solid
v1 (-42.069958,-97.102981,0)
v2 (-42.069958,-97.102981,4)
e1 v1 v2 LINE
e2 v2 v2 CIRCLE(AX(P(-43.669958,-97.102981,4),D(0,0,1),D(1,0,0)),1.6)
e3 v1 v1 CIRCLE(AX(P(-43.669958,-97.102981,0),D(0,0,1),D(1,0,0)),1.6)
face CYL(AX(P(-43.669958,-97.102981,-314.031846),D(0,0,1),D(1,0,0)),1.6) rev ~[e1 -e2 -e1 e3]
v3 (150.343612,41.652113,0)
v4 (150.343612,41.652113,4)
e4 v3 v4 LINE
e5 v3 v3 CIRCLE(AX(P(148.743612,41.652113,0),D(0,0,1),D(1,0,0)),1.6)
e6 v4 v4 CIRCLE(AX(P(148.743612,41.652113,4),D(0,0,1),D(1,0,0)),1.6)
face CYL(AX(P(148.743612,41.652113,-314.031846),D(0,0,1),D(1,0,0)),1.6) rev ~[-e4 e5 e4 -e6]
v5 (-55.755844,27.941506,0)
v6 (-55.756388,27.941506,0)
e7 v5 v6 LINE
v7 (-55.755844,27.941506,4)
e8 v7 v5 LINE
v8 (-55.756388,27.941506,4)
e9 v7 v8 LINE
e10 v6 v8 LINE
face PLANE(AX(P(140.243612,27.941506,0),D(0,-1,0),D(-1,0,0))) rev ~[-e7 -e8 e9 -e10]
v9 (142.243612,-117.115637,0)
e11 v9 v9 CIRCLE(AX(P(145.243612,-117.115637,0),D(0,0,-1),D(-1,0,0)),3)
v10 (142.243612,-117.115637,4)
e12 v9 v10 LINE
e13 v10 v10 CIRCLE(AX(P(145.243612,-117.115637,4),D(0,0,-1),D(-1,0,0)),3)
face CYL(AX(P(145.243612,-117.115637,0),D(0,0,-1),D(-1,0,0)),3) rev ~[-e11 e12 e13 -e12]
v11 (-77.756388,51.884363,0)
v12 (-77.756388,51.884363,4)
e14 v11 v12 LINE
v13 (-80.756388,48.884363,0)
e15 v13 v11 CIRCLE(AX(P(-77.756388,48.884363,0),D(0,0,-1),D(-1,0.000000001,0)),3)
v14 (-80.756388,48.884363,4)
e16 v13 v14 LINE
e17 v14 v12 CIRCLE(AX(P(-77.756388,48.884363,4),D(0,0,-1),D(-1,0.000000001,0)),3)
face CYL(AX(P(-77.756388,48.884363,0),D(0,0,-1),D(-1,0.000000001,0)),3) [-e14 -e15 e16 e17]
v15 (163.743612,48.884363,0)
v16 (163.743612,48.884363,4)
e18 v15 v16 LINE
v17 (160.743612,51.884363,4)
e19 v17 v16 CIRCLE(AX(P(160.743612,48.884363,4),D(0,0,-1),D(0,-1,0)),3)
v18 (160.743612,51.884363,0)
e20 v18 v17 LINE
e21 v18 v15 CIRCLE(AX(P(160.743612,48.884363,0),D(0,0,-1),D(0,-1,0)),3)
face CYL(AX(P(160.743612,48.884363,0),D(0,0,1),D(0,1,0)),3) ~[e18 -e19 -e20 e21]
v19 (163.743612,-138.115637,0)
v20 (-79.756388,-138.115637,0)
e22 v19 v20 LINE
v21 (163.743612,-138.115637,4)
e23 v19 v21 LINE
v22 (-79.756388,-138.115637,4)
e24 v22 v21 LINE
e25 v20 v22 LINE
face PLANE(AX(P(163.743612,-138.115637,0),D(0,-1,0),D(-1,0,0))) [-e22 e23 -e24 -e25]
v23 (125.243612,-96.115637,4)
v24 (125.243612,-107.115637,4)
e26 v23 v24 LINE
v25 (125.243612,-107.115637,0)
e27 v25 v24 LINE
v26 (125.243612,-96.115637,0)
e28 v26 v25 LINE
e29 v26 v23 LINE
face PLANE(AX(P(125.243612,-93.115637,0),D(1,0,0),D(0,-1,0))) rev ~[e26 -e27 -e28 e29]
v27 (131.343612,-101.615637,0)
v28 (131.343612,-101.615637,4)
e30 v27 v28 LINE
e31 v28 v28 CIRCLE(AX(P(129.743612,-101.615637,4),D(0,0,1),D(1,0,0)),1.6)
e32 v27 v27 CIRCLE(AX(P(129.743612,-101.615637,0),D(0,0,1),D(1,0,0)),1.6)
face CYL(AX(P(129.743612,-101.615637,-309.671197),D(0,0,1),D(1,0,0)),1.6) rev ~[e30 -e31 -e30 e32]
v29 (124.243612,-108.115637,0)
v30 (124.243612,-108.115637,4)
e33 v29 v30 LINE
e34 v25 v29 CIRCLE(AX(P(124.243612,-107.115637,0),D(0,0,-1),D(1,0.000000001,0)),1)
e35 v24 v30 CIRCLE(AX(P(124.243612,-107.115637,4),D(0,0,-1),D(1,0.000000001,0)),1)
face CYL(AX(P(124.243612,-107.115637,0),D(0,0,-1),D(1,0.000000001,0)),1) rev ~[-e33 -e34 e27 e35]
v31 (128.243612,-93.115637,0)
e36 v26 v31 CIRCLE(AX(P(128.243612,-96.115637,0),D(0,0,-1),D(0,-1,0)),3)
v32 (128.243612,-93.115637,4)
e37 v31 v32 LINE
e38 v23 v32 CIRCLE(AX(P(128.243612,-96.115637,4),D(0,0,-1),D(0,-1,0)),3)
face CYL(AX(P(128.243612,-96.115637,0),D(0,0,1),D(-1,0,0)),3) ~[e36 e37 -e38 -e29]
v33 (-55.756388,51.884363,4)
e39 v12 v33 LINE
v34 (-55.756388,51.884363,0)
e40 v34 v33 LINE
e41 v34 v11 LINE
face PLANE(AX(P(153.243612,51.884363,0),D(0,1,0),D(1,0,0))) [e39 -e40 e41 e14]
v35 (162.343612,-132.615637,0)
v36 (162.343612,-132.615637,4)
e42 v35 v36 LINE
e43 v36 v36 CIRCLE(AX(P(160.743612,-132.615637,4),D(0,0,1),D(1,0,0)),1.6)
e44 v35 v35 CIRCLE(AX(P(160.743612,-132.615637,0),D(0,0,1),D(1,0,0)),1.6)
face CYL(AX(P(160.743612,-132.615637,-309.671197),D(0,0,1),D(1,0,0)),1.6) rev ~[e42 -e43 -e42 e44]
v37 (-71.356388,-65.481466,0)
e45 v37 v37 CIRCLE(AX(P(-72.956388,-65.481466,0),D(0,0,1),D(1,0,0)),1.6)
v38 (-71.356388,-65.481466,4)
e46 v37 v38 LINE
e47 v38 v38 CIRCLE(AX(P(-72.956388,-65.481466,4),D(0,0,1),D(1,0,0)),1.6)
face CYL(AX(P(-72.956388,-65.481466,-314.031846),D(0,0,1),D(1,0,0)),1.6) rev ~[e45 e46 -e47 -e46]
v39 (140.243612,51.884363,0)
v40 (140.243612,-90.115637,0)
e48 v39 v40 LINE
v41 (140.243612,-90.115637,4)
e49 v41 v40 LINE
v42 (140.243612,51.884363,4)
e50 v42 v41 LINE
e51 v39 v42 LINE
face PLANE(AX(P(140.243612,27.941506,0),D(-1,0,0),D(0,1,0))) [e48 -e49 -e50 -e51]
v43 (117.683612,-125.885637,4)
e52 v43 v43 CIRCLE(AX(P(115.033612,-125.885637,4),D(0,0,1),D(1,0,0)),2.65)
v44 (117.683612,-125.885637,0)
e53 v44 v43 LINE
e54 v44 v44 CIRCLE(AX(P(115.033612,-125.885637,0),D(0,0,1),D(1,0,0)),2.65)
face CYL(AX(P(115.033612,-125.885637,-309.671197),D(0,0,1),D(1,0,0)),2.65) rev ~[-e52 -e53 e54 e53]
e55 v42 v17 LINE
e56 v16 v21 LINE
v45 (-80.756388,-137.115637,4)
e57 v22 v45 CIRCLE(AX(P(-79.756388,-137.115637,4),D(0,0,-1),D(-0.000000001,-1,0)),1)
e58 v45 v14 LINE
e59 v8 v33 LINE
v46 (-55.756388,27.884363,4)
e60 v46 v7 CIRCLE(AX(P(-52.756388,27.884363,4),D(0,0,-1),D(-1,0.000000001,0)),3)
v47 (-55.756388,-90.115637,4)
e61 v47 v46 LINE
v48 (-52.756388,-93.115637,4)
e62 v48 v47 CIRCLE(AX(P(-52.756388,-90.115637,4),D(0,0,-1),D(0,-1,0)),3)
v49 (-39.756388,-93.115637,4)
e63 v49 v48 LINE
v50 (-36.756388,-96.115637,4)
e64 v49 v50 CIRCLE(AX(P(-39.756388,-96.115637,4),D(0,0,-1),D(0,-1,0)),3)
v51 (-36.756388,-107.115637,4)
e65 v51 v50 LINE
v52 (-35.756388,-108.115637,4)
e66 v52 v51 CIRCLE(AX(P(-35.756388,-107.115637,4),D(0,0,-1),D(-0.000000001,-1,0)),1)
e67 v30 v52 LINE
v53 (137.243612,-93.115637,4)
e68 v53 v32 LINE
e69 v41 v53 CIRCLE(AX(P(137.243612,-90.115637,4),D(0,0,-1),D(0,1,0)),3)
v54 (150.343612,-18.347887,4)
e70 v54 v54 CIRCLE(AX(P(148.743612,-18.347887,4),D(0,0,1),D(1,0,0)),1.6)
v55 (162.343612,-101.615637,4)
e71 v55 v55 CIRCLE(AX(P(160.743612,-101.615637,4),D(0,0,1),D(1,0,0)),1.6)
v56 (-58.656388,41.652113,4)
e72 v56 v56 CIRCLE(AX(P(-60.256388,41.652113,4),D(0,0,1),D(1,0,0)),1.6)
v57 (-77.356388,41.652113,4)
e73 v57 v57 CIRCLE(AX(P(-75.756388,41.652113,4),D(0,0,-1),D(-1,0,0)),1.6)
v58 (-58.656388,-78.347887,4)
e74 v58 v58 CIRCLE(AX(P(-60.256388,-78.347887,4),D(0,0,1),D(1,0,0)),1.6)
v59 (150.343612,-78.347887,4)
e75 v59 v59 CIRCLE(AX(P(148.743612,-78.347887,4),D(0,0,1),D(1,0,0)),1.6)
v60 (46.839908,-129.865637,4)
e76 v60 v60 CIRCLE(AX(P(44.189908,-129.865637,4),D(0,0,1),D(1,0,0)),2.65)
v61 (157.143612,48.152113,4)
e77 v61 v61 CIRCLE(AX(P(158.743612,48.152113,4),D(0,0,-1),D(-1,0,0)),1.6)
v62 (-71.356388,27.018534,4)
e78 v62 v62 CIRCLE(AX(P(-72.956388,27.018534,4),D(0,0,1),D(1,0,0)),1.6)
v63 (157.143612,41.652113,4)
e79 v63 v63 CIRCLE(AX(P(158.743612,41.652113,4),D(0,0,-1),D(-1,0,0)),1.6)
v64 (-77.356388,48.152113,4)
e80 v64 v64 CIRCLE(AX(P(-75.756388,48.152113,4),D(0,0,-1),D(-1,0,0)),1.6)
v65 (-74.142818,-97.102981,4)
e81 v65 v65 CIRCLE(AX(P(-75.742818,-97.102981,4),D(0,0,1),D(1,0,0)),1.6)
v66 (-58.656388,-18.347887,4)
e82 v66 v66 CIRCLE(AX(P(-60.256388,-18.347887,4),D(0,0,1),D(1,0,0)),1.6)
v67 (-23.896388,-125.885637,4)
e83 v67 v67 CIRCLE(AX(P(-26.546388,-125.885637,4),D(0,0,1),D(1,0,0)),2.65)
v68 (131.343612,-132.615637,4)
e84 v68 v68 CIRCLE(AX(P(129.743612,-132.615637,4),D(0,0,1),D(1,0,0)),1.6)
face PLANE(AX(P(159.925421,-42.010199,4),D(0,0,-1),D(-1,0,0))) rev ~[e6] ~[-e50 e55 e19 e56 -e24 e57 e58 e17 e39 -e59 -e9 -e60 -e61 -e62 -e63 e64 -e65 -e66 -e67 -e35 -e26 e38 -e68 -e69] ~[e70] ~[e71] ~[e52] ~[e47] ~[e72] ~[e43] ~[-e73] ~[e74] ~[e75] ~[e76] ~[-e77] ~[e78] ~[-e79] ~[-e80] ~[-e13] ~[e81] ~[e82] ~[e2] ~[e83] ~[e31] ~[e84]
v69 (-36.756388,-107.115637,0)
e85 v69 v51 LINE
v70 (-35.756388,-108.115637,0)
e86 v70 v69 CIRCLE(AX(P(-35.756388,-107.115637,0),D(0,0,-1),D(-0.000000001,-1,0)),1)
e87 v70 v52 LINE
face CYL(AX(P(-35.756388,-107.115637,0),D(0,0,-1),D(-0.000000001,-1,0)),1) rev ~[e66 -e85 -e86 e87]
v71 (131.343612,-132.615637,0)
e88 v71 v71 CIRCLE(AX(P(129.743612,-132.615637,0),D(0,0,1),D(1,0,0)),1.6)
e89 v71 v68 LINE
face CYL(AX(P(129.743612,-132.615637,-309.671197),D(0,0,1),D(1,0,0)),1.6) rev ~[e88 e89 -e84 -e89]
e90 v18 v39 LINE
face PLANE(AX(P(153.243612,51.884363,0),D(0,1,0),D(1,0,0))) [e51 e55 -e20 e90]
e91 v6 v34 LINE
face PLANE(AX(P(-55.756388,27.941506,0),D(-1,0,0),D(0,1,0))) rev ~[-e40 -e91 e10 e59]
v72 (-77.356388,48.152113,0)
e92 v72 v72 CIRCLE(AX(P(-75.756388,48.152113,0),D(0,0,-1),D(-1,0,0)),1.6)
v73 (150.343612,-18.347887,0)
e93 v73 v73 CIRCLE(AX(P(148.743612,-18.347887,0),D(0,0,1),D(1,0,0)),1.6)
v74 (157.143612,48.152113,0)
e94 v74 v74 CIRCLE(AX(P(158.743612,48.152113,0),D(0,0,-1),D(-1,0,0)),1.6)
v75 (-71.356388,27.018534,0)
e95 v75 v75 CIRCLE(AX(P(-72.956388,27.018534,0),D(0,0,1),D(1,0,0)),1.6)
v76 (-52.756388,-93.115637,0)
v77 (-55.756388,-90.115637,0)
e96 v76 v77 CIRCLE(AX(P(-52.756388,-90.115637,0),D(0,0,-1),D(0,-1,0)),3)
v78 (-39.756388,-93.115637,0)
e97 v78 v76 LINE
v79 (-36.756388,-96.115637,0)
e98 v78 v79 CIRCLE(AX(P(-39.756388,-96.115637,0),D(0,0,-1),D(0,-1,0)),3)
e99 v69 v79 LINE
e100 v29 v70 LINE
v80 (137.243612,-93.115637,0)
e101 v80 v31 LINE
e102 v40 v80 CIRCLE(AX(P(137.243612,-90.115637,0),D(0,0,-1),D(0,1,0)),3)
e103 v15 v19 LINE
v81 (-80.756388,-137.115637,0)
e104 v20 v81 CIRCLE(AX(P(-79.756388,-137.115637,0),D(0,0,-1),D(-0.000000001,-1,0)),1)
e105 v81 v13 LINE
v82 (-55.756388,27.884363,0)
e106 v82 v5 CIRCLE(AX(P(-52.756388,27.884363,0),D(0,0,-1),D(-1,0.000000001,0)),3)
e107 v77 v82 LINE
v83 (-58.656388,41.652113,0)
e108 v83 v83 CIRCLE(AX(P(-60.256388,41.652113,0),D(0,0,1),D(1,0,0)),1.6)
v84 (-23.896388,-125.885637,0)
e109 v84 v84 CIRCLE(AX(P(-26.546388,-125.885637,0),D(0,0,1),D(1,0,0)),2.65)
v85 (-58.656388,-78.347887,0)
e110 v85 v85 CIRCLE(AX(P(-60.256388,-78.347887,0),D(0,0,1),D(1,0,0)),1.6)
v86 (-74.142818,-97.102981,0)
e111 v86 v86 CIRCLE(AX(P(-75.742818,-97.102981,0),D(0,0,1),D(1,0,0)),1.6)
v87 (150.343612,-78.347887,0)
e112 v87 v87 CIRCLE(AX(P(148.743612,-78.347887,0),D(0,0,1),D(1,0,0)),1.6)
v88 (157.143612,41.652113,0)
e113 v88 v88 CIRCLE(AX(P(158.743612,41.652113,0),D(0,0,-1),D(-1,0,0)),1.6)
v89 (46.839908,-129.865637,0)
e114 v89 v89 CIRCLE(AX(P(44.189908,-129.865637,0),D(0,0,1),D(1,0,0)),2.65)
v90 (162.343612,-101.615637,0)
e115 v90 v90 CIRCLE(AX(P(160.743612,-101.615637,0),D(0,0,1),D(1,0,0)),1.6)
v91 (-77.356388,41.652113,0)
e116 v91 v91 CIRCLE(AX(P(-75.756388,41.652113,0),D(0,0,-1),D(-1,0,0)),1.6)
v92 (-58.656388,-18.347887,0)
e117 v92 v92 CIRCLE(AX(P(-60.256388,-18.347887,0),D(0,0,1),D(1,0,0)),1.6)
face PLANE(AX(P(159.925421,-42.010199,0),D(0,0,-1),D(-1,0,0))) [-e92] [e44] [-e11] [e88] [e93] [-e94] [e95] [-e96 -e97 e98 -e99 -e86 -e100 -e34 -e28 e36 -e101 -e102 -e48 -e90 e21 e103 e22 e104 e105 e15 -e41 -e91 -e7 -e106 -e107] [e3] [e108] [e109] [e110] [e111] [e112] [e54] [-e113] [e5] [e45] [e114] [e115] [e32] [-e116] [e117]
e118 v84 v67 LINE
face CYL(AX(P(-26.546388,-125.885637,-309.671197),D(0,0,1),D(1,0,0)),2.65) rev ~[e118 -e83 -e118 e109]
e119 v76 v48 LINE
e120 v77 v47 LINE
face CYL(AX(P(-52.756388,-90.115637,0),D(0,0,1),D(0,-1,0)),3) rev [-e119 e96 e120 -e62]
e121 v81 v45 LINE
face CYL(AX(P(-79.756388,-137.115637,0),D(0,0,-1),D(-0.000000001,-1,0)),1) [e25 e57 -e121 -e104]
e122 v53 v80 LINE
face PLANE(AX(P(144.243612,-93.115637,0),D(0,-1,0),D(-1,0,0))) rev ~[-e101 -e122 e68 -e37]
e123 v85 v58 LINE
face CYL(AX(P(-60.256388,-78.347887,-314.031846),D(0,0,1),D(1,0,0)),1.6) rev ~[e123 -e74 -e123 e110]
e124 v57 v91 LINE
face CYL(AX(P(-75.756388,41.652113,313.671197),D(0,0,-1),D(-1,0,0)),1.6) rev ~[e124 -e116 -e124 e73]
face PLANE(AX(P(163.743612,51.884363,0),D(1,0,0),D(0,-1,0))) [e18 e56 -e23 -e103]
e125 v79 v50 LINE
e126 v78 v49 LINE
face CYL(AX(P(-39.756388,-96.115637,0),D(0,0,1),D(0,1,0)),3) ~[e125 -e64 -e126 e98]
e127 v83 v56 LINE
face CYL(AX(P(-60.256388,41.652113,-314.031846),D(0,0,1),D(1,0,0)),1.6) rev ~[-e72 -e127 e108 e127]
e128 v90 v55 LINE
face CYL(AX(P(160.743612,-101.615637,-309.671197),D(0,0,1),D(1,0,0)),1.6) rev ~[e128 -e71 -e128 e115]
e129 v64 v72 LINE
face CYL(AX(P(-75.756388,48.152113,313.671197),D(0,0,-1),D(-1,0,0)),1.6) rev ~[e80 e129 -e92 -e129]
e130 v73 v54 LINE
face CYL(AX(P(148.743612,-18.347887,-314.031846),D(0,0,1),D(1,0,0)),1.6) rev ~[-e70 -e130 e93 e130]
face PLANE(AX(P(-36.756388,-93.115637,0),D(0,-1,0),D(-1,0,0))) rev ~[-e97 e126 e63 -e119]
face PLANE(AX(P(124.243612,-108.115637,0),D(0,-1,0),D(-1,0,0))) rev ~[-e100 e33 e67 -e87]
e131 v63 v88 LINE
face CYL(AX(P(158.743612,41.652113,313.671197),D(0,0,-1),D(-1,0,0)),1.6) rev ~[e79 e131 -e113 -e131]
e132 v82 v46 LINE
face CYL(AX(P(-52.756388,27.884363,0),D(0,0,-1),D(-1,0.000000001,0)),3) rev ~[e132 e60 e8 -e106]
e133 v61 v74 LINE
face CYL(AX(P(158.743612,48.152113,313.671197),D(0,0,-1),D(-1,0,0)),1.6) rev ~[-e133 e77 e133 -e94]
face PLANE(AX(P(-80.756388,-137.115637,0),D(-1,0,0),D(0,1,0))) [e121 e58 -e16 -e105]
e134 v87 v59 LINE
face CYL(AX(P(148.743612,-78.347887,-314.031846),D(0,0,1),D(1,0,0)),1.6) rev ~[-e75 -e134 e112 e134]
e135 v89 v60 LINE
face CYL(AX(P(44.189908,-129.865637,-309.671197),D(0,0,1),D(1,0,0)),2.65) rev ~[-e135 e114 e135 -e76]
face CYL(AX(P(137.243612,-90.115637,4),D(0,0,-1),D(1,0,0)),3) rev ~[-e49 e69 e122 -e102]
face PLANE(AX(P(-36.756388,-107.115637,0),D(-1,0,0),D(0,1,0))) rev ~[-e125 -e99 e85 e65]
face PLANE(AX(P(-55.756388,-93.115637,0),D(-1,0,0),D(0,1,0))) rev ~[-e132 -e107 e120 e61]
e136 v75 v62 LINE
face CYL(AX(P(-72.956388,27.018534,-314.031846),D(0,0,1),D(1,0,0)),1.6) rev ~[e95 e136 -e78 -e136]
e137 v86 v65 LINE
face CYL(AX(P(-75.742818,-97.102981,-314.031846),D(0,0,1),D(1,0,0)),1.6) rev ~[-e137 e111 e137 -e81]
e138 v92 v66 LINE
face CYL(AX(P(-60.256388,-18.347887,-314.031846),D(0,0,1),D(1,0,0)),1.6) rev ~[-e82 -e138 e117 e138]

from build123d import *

# Parameters (mm, degrees)
RESSALTO_EXTRUS_O1_DEPTH = 4
FURO_COM_FOLGA_DE_M31_D  = 3.2
FILETE1_R                = 3
M3_CLEARANCE_HOLE1_D     = 3.2
FURO_COM_FOLGA_DE_M32_D  = 2.87
M3_CLEARANCE_HOLE2_D     = 3.2
SKETCH3_W                = 27.430623534
SKETCH3_H                = 190
CUT_EXTRUDE1_DEPTH       = 10
BOSS_EXTRUDE1_DEPTH      = 4
FILLET3_R                = 3
BOSS_EXTRUDE3_DEPTH      = 4
M3_CLEARANCE_HOLE4_D     = 3.2
FILLET5_R                = 3
M5_CLEARANCE_HOLE1_D     = 5.3
SKETCH15_R               = 3
CUT_EXTRUDE6_DEPTH       = 5
SKETCH17_W               = 196
SKETCH17_H               = 23.942856981
CUT_EXTRUDE8_DEPTH       = 5
M3_CLEARANCE_HOLE5_D     = 3.2


with BuildPart() as part:
    # Esboço1 → Ressalto-extrusão1 (new body)
    with BuildSketch(Plane.XY):
        with BuildLine():
            Line((168.243612151, -138.115636704), (-79.756387849, -138.115636704))
            ThreePointArc((-79.756387849, -138.115636704), (-80.46349463, -137.822743485), (-80.756387849, -137.115636704))
            Line((-80.756387849, -137.115636704), (-80.756387849, 48.884363296))
            ThreePointArc((-80.756387849, 48.884363296), (-79.877708192, 51.005683639), (-77.756387849, 51.884363296))
            Line((-77.756387849, 51.884363296), (166.243612151, 51.884363296))
            ThreePointArc((166.243612151, 51.884363296), (168.364932495, 51.005683639), (169.243612151, 48.884363296))
            Line((169.243612151, 48.884363296), (169.243612151, -137.115636704))
            ThreePointArc((169.243612151, -137.115636704), (168.950718933, -137.822743485), (168.243612151, -138.115636704))
        make_face()
        with BuildLine():
            Line((-36.756387849, -93.115636704), (-55.756387849, -93.115636704))
            Line((-55.756387849, -93.115636704), (-55.756387849, -79.115636704))
            Line((-55.756387849, -79.115636704), (-55.756387849, 27.884363296))
            ThreePointArc((-55.756387849, 27.884363296), (-54.877708192, 30.005683639), (-52.756387849, 30.884363296))
            Line((-52.756387849, 30.884363296), (141.243612151, 30.884363296))
            ThreePointArc((141.243612151, 30.884363296), (143.364932495, 30.005683639), (144.243612151, 27.884363296))
            Line((144.243612151, 27.884363296), (144.243612151, -79.115636704))
            Line((144.243612151, -79.115636704), (144.243612151, -93.115636704))
            Line((144.243612151, -93.115636704), (125.243612151, -93.115636704))
            Line((125.243612151, -93.115636704), (125.243612151, -107.115636704))
            ThreePointArc((125.243612151, -107.115636704), (124.950718933, -107.822743485), (124.243612151, -108.115636704))
            Line((124.243612151, -108.115636704), (-35.756387849, -108.115636704))
            ThreePointArc((-35.756387849, -108.115636704), (-36.46349463, -107.822743485), (-36.756387849, -107.115636704))
            Line((-36.756387849, -107.115636704), (-36.756387849, -93.115636704))
        make_face(mode=Mode.SUBTRACT)
    extrude(amount=RESSALTO_EXTRUS_O1_DEPTH)

    # Furo com folga de M31 (through all)
    with Locations(Plane(origin=(0, 0, 0), x_dir=(-1, 0, 0), z_dir=(0, 0, -1))):
        with Locations((-148.743612151, -78.347886704), (-148.743612151, -18.347886704), (-148.743612151, 41.652113296), (60.256387849, 41.652113296), (60.256387849, -18.347886704), (60.256387849, -78.347886704), (72.956387849, 27.018533744), (72.956387849, -65.481466256), (19.656387849, -65.481466256), (19.656387849, 27.018533744)):
            Hole(FURO_COM_FOLGA_DE_M31_D / 2)

    # Filete1
    filete1_edges = [part.edges().sort_by_distance(p)[0] for p in [
        (-55.756387849, -93.115636704, 2),
        (-36.756387849, -93.115636704, 2),
        (125.243612151, -93.115636704, 2),
        (144.243612151, -93.115636704, 2),
    ]]
    fillet(filete1_edges, radius=FILETE1_R)

    # M3 Clearance Hole1 (through all)
    with Locations(Plane(origin=(0, 0, 0), x_dir=(-1, 0, 0), z_dir=(0, 0, -1))):
        with Locations((-164.230041881, -97.102981335), (43.669958119, -97.102981335), (75.742817578, -97.102981335)):
            Hole(M3_CLEARANCE_HOLE1_D / 2)

    # Furo com folga de M32 (through all)
    with Locations(Plane.XY.offset(4)):
        with Locations((44.243612151, 46.98714614)):
            Hole(FURO_COM_FOLGA_DE_M32_D / 2)

    # M3 Clearance Hole2 (through all)
    with Locations(Plane.XY.offset(4)):
        with Locations((161.560317261, 35.480164232), (161.560317261, 4.480164232)):
            Hole(M3_CLEARANCE_HOLE2_D / 2)

    # Sketch3 → Cut-Extrude1 (cut)
    with BuildSketch(Plane.XY.offset(4)):
        with Locations((169.958923918, -43.115636704)):
            Rectangle(SKETCH3_W, SKETCH3_H)
    extrude(amount=-CUT_EXTRUDE1_DEPTH, mode=Mode.SUBTRACT)

    # Sketch5 → Boss-Extrude1 (add)
    with BuildSketch(Plane(origin=(0, 0, 0), x_dir=(-1, 0, 0), z_dir=(0, 0, -1))):
        with BuildLine():
            Line((-145.240285588, -97.500155699), (-140.243612151, -97.500155699))
            Line((-140.243612151, -97.500155699), (-140.243612151, 27.941506315))
            ThreePointArc((-140.243612151, 27.941506315), (-139.345176367, 30.025791601), (-137.244155982, 30.884363296))
            Line((-137.244155982, 30.884363296), (-145.240285588, 30.884363296))
            Line((-145.240285588, 30.884363296), (-145.240285588, -97.500155699))
        make_face()
    extrude(amount=-BOSS_EXTRUDE1_DEPTH)

    # Fillet3
    fillet3_edges = [part.edges().sort_by_distance(p)[0] for p in [
        (156.243612151, 51.884363296, 2),
    ]]
    fillet(fillet3_edges, radius=FILLET3_R)

    # Sketch10 → Boss-Extrude3 (add)
    with BuildSketch(Plane(origin=(0, 0, 0), x_dir=(-1, 0, 0), z_dir=(0, 0, -1))):
        with BuildLine():
            Line((-156.243612151, -138.115636704), (-156.243612151, 48.884363296))
            ThreePointArc((-156.243612151, 48.884363296), (-155.364932495, 51.005683639), (-153.243612151, 51.884363296))
            Line((-153.243612151, 51.884363296), (-163.743612151, 51.884363296))
            Line((-163.743612151, 51.884363296), (-163.743612151, -138.115636704))
            Line((-163.743612151, -138.115636704), (-156.243612151, -138.115636704))
        make_face()
    extrude(amount=-BOSS_EXTRUDE3_DEPTH)

    # M3 Clearance Hole4 (through all)
    with Locations(Plane(origin=(0, 0, 0), x_dir=(-1, 0, 0), z_dir=(0, 0, -1))):
        with Locations((-160.743612151, -101.615636704), (-160.743612151, -132.615636704), (-129.743612151, -132.615636704), (-129.743612151, -101.615636704)):
            Hole(M3_CLEARANCE_HOLE4_D / 2)

    # Fillet5
    fillet5_edges = [part.edges().sort_by_distance(p)[0] for p in [
        (140.243612151, -93.115636704, 2),
        (163.743612151, 51.884363296, 2),
    ]]
    fillet(fillet5_edges, radius=FILLET5_R)

    # M5 Clearance Hole1 (through all)
    with Locations(Plane(origin=(0, 0, 0), x_dir=(-1, 0, 0), z_dir=(0, 0, -1))):
        with Locations((-115.03361215, -125.8856367), (26.54638785, -125.8856367), (-44.189907873, -129.865636704)):
            Hole(M5_CLEARANCE_HOLE1_D / 2)

    # Sketch15 → Cut-Extrude6 (cut, through all)
    with BuildSketch(Plane(origin=(0, 0, 0), x_dir=(-1, 0, 0), z_dir=(0, 0, -1))):
        with Locations((-145.243612151, -117.115636704)):
            Circle(SKETCH15_R)
    extrude(amount=-CUT_EXTRUDE6_DEPTH, mode=Mode.SUBTRACT)

    # Sketch17 → Cut-Extrude8 (cut)
    with BuildSketch(Plane(origin=(0, 0, 0), x_dir=(-1, 0, 0), z_dir=(0, 0, -1))):
        with Locations((-42.243612151, 39.912934806)):
            Rectangle(SKETCH17_W, SKETCH17_H)
    extrude(amount=-CUT_EXTRUDE8_DEPTH, mode=Mode.SUBTRACT)

    # M3 Clearance Hole5 (through all)
    with Locations(Plane.XY.offset(4)):
        with Locations((-75.756387849, 41.652113296), (-75.756387849, 48.152113296), (158.743612151, 48.152113296), (158.743612151, 41.652113296)):
            Hole(M3_CLEARANCE_HOLE5_D / 2)


solid = part.part
